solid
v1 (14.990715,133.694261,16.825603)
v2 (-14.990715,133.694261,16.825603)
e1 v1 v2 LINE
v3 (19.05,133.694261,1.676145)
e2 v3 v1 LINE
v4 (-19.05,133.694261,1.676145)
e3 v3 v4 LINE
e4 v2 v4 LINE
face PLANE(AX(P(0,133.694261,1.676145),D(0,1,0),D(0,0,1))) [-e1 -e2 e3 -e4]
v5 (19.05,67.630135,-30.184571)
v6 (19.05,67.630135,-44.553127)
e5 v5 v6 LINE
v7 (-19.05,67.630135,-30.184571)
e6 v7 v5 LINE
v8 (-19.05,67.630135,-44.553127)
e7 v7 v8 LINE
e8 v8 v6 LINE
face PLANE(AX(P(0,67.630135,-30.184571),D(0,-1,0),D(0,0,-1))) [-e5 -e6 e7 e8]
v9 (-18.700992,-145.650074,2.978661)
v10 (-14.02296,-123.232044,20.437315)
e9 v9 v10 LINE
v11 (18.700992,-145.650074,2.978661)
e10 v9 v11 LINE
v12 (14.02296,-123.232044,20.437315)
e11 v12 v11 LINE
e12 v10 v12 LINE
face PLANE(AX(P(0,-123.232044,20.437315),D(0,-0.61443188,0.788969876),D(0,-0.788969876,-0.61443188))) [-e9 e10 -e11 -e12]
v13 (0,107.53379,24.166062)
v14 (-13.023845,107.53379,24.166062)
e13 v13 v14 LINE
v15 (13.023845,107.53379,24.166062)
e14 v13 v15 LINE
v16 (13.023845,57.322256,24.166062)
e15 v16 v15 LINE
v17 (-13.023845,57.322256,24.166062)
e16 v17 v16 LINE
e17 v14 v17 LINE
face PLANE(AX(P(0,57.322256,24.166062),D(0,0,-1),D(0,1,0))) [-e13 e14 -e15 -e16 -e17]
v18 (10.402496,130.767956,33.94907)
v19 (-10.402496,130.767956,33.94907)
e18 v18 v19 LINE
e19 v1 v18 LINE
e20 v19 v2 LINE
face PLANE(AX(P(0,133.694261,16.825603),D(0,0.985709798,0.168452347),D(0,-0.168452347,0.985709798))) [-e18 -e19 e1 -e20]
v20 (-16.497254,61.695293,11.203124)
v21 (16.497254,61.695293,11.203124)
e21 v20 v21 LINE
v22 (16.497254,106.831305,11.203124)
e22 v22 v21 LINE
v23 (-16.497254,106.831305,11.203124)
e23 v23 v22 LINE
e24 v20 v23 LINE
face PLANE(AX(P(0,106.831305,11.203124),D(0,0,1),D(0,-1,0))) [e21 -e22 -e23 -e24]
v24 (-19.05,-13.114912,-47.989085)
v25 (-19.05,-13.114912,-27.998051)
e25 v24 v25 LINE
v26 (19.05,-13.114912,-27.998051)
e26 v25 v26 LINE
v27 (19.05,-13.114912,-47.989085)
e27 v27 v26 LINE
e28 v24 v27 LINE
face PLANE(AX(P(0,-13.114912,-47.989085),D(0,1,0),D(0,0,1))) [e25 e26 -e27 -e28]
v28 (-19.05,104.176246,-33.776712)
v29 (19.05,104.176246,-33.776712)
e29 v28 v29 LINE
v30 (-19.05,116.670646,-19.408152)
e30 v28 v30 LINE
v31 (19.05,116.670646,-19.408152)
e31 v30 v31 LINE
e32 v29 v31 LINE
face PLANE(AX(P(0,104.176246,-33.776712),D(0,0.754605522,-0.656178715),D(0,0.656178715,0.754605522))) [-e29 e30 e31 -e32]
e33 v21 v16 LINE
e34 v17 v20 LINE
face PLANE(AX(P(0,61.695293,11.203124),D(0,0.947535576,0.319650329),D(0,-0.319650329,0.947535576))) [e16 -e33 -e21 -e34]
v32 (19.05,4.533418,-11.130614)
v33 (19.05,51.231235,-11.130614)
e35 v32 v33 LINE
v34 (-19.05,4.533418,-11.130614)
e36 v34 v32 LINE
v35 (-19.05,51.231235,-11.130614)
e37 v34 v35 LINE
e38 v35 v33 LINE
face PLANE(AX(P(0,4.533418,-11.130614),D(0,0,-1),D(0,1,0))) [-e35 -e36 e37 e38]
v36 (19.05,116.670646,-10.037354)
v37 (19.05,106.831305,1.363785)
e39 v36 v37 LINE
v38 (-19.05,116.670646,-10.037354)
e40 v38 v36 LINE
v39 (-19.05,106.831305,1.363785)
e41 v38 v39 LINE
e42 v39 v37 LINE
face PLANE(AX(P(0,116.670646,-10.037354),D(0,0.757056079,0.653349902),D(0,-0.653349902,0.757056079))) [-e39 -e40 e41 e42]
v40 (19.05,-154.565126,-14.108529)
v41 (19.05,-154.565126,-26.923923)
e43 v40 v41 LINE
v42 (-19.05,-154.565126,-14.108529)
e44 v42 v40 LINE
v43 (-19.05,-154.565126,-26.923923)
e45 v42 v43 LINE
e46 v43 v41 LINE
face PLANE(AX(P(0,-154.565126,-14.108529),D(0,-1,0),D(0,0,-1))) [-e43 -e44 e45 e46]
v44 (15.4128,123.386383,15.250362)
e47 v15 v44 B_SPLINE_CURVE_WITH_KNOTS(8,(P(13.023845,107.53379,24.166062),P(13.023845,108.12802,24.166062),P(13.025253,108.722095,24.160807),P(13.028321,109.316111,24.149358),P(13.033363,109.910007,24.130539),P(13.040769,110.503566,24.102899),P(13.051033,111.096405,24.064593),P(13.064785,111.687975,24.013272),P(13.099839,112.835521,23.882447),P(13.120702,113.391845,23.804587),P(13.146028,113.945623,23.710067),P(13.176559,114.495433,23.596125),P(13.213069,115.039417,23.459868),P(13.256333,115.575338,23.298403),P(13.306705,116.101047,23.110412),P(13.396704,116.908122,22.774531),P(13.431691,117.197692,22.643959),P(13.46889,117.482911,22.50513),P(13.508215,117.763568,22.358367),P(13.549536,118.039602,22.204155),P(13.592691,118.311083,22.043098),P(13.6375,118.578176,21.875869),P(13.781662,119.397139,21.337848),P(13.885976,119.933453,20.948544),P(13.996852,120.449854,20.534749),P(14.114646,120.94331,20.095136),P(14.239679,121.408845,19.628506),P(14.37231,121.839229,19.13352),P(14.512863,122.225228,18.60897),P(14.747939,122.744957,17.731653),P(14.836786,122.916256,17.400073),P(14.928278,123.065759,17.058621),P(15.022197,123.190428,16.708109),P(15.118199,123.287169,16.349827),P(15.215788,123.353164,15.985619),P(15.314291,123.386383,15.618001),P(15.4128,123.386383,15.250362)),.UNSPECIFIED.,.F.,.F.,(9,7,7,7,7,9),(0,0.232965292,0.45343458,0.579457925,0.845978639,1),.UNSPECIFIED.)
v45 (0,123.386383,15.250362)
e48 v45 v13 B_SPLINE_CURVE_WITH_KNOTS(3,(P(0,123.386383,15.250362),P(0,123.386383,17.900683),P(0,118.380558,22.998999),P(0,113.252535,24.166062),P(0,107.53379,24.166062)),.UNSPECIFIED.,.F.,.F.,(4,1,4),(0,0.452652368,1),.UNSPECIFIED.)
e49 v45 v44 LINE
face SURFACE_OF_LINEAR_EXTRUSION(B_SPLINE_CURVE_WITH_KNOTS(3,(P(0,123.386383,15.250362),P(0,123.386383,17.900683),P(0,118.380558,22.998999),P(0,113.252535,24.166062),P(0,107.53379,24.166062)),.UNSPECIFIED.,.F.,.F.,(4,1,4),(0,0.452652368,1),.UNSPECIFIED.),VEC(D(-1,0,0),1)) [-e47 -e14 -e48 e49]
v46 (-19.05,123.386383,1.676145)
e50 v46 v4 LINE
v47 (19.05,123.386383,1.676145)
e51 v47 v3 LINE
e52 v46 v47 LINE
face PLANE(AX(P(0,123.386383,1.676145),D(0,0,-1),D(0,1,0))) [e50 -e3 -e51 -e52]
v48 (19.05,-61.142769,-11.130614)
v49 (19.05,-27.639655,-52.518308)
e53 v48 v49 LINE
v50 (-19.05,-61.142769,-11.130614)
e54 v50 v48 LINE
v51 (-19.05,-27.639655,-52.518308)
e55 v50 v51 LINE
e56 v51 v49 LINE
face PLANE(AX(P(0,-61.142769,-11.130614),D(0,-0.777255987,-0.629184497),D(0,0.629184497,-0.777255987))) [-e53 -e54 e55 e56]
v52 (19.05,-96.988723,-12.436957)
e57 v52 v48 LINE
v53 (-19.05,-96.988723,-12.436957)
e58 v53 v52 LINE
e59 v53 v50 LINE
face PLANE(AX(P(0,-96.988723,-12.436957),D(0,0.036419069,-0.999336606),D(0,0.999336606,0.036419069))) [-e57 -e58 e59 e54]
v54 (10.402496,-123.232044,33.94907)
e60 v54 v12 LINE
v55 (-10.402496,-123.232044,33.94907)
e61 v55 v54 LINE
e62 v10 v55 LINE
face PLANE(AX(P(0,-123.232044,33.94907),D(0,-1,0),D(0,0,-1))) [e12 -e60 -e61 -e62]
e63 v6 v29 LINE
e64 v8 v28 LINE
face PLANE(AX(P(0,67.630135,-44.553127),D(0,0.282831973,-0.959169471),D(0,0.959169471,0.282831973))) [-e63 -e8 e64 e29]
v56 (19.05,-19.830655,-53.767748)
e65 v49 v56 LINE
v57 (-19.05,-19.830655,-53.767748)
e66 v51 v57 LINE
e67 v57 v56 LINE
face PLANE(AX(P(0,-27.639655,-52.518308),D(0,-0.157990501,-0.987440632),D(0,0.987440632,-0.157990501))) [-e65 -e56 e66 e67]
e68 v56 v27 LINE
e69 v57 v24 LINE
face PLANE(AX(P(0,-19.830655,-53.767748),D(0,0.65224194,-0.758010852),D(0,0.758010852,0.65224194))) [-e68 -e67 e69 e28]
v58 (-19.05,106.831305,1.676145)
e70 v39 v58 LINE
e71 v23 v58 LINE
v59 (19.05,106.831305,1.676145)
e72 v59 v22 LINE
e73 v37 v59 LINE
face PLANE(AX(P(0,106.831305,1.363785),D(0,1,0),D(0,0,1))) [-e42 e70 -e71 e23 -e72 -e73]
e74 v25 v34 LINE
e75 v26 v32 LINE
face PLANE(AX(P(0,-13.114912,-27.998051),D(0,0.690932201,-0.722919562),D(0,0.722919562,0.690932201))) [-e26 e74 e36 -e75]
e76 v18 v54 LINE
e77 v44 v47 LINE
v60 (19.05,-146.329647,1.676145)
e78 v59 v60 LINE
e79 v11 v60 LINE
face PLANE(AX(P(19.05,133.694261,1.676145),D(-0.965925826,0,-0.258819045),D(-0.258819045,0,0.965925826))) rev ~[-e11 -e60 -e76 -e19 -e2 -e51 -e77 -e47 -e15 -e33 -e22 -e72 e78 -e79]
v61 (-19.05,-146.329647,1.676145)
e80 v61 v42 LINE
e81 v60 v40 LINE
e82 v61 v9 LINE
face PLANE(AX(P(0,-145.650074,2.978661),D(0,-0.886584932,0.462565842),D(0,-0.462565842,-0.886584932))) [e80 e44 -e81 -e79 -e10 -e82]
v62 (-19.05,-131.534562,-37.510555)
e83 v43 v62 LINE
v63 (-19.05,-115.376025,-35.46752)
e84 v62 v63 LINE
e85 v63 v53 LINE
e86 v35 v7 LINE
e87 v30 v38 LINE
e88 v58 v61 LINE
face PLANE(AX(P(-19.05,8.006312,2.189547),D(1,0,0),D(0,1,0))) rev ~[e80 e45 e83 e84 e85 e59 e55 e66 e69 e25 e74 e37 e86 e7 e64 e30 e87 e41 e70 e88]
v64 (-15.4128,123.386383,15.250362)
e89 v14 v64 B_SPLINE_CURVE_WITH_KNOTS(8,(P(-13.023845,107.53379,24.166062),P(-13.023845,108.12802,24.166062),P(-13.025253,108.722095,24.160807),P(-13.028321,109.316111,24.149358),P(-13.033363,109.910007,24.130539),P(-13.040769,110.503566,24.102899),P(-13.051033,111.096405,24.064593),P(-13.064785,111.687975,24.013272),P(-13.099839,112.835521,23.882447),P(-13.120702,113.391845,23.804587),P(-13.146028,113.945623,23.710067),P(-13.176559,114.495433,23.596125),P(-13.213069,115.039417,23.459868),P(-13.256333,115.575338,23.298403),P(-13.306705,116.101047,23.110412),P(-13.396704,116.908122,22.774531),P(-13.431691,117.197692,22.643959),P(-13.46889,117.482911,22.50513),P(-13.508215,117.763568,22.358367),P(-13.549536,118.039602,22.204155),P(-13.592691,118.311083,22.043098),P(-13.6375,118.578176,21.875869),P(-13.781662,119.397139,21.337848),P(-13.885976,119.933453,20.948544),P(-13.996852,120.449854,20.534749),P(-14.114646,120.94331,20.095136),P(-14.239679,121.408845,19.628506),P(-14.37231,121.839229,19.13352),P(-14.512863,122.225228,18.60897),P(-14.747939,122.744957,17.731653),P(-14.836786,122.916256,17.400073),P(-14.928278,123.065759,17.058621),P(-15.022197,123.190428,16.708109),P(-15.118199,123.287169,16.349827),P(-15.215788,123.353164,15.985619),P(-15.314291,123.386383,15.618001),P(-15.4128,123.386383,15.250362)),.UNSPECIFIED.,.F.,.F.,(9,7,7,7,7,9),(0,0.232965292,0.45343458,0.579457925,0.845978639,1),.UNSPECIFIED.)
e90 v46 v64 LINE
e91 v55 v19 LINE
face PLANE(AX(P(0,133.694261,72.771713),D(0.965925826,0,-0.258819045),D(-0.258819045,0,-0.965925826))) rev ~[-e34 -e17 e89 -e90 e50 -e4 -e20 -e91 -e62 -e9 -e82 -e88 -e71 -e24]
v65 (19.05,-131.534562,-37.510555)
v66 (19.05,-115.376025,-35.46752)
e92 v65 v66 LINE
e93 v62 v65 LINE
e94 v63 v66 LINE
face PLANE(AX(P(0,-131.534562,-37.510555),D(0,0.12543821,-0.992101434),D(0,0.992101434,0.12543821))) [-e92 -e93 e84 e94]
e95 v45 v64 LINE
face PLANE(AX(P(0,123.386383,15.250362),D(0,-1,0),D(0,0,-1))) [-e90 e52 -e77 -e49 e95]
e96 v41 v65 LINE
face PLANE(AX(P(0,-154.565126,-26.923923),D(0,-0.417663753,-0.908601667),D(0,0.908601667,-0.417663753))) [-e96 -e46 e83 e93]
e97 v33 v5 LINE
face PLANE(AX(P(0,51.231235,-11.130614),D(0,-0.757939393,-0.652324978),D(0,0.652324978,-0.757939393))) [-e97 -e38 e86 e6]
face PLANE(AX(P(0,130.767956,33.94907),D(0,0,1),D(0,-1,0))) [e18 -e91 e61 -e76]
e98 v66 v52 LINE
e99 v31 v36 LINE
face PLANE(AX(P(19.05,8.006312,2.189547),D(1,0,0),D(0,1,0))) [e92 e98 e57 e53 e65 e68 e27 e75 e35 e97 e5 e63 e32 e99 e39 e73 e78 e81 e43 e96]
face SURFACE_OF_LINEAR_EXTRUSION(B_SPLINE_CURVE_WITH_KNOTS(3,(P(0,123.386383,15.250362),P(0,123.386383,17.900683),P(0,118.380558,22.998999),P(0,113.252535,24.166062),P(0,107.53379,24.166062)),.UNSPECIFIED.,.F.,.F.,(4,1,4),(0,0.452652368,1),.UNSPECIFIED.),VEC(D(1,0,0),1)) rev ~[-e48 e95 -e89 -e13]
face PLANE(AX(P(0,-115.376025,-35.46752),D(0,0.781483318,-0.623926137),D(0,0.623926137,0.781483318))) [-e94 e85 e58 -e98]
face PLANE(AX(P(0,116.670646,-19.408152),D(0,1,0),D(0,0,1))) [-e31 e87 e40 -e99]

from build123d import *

# Parameters (mm, degrees)
F1_DEPTH = 19.05
F3_DEPTH = 329.184


with BuildPart() as f1:
    # F0 (on Right) → F1 (new body, symmetric)
    with BuildSketch(Plane.YZ):
        with BuildLine():
            Line((130.7679557204, 33.9490696788), (-123.2320442796, 33.9490696788))
            Line((-123.2320442796, 33.9490696788), (-123.2320442796, 20.4373151064))
            Line((-123.2320442796, 20.4373151064), (-145.6500738859, 2.9786610976))
            Line((-145.6500738859, 2.9786610976), (-154.5651257038, -14.1085293144))
            Line((-154.5651257038, -14.1085293144), (-154.5651257038, -26.9239228219))
            Line((-154.5651257038, -26.9239228219), (-131.5345615149, -37.5105552375))
            Line((-131.5345615149, -37.5105552375), (-115.3760254383, -35.4675203562))
            Line((-115.3760254383, -35.4675203562), (-96.988722682, -12.4369570985))
            Line((-96.988722682, -12.4369570985), (-61.1427687109, -11.1306142062))
            Line((-61.1427687109, -11.1306142062), (-27.6396553963, -52.5183081627))
            Line((-27.6396553963, -52.5183081627), (-19.8306553066, -53.7677481771))
            Line((-19.8306553066, -53.7677481771), (-13.1149124354, -47.9890853167))
            Line((-13.1149124354, -47.9890853167), (-13.1149124354, -27.9980506748))
            Line((-13.1149124354, -27.9980506748), (4.5334179886, -11.1306142062))
            Line((4.5334179886, -11.1306142062), (51.2312352657, -11.1306142062))
            Line((51.2312352657, -11.1306142062), (67.6301345229, -30.1845706999))
            Line((67.6301345229, -30.1845706999), (67.6301345229, -44.5531271398))
            Line((67.6301345229, -44.5531271398), (104.1762456298, -33.7767116725))
            Line((104.1762456298, -33.7767116725), (116.6706457734, -19.4081515074))
            Line((116.6706457734, -19.4081515074), (116.6706457734, -10.0373541936))
            Line((116.6706457734, -10.0373541936), (106.831304729, 1.3637846569))
            Line((106.831304729, 1.3637846569), (106.831304729, 11.2031241879))
            Line((106.831304729, 11.2031241879), (61.695292592, 11.2031241879))
            Line((61.695292592, 11.2031241879), (57.3222562671, 24.1660624743))
            Line((57.3222562671, 24.1660624743), (107.5337901711, 24.1660624743))
            add(Edge.make_bspline(
                [(123.3863830566, 15.2503615245), (123.3863830566, 17.9006829858), (118.3805579667, 22.9989987358), (113.2525354624, 24.1660624743), (107.5337901711, 24.1660624743)],
                knots=[0, 0, 0, 0, 0.4526523679, 1, 1, 1, 1], degree=3))
            Line((123.3863830566, 15.2503615245), (123.3863830566, 1.6761446605))
            Line((123.3863830566, 1.6761446605), (133.6942613125, 1.6761446605))
            Line((133.6942613125, 1.6761446605), (133.6942613125, 16.8256033212))
            Line((133.6942613125, 16.8256033212), (130.7679557204, 33.9490696788))
        make_face()
    extrude(amount=F1_DEPTH, both=True)

    # F2 (on face) → F3 (cut)
    with BuildSketch(Plane(origin=(0, 133.6942613125, 0), x_dir=(-1, 0, 0), z_dir=(0, 1, 0))):
        Polygon((-19.05, 77.0704038441), (-19.05, 1.6761446605), (0, 72.7717125446), (19.05, 1.6761446605), (19.05, 77.0704038441), align=None)
    extrude(amount=-F3_DEPTH, mode=Mode.SUBTRACT)


solid = f1.part
